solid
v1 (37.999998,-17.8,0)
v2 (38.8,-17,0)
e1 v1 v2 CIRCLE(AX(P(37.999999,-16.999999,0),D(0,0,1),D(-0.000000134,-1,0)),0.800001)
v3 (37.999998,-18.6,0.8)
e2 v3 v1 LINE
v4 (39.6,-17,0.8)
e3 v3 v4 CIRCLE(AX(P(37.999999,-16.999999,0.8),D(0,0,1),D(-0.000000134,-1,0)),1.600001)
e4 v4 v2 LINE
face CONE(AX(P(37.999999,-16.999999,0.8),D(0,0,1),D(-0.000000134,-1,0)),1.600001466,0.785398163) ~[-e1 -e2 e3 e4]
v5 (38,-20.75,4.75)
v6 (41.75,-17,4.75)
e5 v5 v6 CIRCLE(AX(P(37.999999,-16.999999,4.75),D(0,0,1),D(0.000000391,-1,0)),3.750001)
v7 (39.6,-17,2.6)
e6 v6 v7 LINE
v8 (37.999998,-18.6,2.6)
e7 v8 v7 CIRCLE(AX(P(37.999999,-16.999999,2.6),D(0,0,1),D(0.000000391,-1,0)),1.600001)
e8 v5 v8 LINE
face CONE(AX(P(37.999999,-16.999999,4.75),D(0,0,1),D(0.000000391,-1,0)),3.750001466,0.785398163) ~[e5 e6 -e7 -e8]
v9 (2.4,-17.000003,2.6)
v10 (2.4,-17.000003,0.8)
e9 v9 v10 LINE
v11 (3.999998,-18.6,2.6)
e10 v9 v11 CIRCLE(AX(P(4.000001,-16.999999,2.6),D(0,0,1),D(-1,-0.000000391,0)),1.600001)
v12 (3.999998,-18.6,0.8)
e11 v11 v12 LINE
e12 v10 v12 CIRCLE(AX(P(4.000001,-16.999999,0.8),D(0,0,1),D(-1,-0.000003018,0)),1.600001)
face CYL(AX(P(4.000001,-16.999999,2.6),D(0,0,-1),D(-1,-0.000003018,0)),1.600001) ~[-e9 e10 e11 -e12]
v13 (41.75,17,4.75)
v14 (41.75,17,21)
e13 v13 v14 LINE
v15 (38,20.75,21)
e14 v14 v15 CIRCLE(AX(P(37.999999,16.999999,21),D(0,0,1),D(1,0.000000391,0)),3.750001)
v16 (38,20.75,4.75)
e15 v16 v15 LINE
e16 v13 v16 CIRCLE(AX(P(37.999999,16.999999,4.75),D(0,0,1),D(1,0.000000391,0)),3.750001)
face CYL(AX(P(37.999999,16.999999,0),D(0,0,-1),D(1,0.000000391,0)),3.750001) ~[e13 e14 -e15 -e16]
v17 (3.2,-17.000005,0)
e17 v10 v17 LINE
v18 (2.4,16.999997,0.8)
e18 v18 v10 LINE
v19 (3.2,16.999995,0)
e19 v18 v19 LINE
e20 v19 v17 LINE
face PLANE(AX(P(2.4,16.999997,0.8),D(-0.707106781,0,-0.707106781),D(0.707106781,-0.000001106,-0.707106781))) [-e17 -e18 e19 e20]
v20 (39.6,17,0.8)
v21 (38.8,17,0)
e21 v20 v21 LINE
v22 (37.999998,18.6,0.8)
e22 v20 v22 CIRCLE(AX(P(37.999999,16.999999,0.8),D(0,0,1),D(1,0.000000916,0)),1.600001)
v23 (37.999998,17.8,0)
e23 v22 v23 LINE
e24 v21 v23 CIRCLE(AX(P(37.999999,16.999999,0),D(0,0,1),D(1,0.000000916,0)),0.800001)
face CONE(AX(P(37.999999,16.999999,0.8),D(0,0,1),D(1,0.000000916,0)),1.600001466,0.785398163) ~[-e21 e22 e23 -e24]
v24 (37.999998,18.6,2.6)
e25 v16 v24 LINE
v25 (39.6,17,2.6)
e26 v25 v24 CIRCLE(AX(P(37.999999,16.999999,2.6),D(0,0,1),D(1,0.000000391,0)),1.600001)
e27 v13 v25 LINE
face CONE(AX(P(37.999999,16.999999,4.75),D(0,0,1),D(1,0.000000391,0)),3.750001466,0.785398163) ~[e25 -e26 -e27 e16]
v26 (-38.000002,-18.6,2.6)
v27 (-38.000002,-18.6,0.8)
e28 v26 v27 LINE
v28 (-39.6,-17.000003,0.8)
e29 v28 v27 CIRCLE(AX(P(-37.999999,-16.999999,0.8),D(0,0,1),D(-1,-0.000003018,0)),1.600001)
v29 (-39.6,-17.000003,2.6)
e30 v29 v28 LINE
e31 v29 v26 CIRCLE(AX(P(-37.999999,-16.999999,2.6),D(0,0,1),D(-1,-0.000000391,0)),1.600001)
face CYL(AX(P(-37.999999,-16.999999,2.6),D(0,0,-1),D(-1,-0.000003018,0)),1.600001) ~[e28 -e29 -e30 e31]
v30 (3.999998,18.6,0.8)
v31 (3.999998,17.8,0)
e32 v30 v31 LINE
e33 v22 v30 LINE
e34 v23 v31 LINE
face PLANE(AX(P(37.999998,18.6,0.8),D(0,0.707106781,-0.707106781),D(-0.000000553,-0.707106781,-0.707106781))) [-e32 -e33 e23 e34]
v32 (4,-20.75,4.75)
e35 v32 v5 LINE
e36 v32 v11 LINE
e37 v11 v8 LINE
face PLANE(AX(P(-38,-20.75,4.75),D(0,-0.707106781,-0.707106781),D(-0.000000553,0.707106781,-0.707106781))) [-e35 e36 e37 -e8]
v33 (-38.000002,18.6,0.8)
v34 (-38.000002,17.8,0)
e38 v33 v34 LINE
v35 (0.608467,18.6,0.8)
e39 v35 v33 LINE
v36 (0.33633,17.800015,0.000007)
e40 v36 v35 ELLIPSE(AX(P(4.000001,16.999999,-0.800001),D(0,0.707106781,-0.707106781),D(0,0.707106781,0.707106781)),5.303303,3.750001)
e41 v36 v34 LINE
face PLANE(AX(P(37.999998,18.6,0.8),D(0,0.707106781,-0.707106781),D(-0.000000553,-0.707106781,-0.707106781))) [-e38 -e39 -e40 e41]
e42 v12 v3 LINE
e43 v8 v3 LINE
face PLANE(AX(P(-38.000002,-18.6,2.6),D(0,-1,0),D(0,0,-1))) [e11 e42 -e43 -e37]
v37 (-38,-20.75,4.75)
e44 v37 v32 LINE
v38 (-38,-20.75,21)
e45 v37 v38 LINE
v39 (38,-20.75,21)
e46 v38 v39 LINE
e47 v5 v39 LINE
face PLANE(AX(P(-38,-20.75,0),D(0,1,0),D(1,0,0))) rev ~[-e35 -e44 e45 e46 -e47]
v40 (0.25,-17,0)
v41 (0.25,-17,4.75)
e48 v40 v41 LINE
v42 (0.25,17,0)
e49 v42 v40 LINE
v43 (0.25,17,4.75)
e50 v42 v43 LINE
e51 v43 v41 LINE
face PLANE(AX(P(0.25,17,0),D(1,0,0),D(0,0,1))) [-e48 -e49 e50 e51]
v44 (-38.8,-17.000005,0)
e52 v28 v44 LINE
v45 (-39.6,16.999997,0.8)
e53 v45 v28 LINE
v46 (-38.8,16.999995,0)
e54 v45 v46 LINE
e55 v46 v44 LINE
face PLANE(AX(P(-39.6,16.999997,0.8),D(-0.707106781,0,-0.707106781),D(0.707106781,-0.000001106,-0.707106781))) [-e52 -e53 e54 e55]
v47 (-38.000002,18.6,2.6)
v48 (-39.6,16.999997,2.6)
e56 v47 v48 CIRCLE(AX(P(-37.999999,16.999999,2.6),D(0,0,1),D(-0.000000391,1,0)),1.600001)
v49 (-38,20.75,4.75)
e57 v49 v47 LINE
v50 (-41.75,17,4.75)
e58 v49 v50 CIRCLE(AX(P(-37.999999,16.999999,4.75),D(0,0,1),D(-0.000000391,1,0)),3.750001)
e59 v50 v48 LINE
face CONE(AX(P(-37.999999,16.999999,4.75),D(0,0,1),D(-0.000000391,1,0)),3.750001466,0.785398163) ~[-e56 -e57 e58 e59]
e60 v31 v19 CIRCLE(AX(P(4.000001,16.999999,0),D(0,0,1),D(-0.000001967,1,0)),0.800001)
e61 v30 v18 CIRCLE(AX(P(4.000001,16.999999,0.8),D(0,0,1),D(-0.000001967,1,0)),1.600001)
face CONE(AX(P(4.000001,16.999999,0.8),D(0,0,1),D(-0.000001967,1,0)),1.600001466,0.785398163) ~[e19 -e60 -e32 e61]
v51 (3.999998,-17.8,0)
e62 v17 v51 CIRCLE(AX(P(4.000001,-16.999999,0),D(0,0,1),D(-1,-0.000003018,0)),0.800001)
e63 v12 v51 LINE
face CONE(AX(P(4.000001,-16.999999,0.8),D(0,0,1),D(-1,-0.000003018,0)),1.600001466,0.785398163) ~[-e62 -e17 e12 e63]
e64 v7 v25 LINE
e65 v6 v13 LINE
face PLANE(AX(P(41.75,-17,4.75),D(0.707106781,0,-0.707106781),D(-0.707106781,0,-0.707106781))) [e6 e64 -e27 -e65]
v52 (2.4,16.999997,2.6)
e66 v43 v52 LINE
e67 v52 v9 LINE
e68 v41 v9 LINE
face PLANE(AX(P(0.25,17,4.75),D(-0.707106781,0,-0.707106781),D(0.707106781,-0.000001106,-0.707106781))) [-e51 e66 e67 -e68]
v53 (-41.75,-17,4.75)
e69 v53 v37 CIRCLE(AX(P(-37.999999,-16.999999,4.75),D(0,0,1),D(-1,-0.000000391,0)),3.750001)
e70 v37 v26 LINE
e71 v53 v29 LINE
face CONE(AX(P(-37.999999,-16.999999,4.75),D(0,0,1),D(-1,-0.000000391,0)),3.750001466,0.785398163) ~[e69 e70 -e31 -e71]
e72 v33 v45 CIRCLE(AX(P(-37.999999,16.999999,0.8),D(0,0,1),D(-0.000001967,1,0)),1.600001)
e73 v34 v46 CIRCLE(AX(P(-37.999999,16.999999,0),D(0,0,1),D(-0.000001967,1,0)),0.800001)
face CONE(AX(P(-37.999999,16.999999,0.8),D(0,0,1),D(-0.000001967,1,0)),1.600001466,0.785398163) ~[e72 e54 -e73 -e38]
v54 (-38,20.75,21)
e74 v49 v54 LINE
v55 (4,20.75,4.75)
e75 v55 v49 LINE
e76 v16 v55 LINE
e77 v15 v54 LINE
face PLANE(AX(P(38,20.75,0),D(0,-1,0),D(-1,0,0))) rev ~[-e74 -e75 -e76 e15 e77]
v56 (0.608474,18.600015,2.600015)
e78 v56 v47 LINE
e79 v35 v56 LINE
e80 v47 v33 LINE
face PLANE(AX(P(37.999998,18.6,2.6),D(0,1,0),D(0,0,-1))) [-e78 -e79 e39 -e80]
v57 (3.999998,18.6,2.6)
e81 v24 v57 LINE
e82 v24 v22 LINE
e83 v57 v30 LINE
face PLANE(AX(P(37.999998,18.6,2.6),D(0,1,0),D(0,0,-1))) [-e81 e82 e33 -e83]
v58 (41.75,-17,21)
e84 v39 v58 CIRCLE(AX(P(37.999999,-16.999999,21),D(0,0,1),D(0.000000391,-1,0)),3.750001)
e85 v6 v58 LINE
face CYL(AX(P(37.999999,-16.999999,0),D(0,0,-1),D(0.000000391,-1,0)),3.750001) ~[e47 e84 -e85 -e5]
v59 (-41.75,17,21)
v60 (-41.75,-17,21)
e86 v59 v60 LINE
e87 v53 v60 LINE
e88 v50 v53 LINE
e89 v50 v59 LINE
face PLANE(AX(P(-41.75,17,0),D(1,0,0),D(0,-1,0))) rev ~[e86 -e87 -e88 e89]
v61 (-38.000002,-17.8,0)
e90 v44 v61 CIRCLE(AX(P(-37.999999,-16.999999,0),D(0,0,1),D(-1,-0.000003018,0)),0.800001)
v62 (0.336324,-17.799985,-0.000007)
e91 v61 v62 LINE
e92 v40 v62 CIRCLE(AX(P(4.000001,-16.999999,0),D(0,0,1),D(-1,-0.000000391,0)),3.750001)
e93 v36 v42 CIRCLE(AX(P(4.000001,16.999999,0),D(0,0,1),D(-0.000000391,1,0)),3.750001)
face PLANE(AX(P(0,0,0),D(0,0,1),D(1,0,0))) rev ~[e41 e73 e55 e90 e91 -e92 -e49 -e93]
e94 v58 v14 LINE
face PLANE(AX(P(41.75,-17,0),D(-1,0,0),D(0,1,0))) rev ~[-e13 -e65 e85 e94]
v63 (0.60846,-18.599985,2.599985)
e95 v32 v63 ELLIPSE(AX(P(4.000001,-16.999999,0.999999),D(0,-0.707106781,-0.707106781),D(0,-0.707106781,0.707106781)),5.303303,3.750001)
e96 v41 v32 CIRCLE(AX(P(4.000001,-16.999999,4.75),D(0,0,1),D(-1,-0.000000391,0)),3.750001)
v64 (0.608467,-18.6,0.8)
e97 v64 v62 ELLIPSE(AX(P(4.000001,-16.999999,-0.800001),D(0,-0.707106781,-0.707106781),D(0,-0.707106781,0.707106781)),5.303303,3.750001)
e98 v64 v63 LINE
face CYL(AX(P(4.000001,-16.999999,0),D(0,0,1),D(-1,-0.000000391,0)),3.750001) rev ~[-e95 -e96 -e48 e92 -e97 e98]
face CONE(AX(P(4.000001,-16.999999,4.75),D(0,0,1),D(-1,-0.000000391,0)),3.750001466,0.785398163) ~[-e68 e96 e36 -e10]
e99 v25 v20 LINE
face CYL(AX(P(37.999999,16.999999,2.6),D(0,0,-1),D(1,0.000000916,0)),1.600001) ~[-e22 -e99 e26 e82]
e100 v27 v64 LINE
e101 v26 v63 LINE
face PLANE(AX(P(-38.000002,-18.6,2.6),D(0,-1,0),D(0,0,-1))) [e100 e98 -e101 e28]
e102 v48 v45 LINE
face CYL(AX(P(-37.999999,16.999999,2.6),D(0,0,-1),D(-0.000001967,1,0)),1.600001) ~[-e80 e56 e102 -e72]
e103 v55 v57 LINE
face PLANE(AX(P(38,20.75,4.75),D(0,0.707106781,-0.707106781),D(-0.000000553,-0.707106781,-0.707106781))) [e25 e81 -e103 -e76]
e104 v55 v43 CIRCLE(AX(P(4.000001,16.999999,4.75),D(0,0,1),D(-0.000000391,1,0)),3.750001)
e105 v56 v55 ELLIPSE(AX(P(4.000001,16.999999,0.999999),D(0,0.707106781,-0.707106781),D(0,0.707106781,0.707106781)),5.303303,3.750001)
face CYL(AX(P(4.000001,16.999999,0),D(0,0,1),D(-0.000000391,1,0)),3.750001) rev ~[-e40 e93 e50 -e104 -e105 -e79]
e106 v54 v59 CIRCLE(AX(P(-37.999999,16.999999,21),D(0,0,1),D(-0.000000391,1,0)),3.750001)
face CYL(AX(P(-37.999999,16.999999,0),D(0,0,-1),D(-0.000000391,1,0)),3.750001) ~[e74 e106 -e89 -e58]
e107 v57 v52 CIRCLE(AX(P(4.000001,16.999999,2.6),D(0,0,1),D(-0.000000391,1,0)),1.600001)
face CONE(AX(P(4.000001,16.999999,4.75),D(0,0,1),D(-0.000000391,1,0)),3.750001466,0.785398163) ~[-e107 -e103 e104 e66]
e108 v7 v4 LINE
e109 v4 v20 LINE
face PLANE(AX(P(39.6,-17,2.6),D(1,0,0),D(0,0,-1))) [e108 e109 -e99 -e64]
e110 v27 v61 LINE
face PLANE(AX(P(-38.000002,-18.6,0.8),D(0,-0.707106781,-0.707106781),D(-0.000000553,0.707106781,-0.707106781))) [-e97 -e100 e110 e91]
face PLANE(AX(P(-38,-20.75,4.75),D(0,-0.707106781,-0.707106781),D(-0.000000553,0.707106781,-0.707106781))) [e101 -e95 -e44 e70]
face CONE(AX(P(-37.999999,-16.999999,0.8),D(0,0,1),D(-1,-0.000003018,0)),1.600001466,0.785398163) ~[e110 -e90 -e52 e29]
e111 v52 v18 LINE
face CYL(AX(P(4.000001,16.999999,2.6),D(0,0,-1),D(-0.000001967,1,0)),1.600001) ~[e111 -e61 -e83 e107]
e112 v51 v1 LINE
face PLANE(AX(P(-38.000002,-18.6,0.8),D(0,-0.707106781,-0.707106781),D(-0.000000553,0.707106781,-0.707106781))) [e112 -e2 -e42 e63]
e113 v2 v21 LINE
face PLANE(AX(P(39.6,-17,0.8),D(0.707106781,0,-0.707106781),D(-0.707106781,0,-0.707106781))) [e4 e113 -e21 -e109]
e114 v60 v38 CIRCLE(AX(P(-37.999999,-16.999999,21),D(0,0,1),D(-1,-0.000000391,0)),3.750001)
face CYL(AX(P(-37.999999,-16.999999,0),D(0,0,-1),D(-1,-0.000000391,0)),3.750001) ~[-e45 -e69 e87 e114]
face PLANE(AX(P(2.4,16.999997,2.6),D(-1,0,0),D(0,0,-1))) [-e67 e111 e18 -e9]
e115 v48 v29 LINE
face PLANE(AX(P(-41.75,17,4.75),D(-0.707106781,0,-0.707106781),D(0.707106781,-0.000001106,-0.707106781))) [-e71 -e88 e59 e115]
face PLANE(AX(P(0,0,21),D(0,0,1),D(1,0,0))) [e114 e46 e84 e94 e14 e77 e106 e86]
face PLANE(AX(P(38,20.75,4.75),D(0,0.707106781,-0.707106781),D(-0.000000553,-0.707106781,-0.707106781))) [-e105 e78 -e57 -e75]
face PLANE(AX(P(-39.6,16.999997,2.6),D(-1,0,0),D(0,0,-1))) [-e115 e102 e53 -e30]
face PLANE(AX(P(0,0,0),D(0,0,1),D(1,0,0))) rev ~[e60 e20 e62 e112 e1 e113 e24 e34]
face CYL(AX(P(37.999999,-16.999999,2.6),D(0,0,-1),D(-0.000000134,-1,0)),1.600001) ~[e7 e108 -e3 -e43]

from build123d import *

# Parameters (mm, degrees)
PAD001_DEPTH           = 21
LINEARPATTERN002_COUNT = 2
LINEARPATTERN002_PITCH = 42


with BuildPart() as part:
    # Sketch004 → Pad001 (new body)
    with BuildSketch(Plane.XY):
        with BuildLine():
            Line((-38, -20.75), (38, -20.75))
            ThreePointArc((38, -20.75), (40.65165, -19.65165), (41.75, -17))
            Line((41.75, -17), (41.75, 17))
            ThreePointArc((41.75, 17), (40.65165, 19.65165), (38, 20.75))
            Line((38, 20.75), (-38, 20.75))
            ThreePointArc((-38, 20.75), (-40.65165, 19.65165), (-41.75, 17))
            Line((-41.75, 17), (-41.75, -17))
            ThreePointArc((-41.75, -17), (-40.65165, -19.65165), (-38, -20.75))
        make_face()
    extrude(amount=PAD001_DEPTH)

    # SubtractivePipe001: sweep along a path in Sketch004
    with BuildLine(Plane.XY) as subtractivepipe001_path:
        Line((-38, -20.75), (38, -20.75))
        ThreePointArc((38, -20.75), (40.65165, -19.65165), (41.75, -17))
        Line((41.75, -17), (41.75, 17))
        ThreePointArc((41.75, 17), (40.65165, 19.65165), (38, 20.75))
        Line((38, 20.75), (-38, 20.75))
        ThreePointArc((-38, 20.75), (-40.65165, 19.65165), (-41.75, 17))
        Line((-41.75, 17), (-41.75, -17))
        ThreePointArc((-41.75, -17), (-40.65165, -19.65165), (-38, -20.75))
    # Sketch005 → SubtractivePipe001 (sweep, cut)
    with BuildSketch(Plane.XZ):
        Polygon((41.75, 4.75), (39.6, 2.6), (39.6, 0.8), (38.8, 0), (41.75, 0), align=None)
    subtractivepipe001 = sweep(path=subtractivepipe001_path.line, mode=Mode.SUBTRACT)

    # LinearPattern002: SubtractivePipe001 ×2
    with Locations(*[(i * LINEARPATTERN002_PITCH, 0, 0) for i in range(1, LINEARPATTERN002_COUNT)]):
        add(subtractivepipe001, mode=Mode.SUBTRACT)


solid = part.part
